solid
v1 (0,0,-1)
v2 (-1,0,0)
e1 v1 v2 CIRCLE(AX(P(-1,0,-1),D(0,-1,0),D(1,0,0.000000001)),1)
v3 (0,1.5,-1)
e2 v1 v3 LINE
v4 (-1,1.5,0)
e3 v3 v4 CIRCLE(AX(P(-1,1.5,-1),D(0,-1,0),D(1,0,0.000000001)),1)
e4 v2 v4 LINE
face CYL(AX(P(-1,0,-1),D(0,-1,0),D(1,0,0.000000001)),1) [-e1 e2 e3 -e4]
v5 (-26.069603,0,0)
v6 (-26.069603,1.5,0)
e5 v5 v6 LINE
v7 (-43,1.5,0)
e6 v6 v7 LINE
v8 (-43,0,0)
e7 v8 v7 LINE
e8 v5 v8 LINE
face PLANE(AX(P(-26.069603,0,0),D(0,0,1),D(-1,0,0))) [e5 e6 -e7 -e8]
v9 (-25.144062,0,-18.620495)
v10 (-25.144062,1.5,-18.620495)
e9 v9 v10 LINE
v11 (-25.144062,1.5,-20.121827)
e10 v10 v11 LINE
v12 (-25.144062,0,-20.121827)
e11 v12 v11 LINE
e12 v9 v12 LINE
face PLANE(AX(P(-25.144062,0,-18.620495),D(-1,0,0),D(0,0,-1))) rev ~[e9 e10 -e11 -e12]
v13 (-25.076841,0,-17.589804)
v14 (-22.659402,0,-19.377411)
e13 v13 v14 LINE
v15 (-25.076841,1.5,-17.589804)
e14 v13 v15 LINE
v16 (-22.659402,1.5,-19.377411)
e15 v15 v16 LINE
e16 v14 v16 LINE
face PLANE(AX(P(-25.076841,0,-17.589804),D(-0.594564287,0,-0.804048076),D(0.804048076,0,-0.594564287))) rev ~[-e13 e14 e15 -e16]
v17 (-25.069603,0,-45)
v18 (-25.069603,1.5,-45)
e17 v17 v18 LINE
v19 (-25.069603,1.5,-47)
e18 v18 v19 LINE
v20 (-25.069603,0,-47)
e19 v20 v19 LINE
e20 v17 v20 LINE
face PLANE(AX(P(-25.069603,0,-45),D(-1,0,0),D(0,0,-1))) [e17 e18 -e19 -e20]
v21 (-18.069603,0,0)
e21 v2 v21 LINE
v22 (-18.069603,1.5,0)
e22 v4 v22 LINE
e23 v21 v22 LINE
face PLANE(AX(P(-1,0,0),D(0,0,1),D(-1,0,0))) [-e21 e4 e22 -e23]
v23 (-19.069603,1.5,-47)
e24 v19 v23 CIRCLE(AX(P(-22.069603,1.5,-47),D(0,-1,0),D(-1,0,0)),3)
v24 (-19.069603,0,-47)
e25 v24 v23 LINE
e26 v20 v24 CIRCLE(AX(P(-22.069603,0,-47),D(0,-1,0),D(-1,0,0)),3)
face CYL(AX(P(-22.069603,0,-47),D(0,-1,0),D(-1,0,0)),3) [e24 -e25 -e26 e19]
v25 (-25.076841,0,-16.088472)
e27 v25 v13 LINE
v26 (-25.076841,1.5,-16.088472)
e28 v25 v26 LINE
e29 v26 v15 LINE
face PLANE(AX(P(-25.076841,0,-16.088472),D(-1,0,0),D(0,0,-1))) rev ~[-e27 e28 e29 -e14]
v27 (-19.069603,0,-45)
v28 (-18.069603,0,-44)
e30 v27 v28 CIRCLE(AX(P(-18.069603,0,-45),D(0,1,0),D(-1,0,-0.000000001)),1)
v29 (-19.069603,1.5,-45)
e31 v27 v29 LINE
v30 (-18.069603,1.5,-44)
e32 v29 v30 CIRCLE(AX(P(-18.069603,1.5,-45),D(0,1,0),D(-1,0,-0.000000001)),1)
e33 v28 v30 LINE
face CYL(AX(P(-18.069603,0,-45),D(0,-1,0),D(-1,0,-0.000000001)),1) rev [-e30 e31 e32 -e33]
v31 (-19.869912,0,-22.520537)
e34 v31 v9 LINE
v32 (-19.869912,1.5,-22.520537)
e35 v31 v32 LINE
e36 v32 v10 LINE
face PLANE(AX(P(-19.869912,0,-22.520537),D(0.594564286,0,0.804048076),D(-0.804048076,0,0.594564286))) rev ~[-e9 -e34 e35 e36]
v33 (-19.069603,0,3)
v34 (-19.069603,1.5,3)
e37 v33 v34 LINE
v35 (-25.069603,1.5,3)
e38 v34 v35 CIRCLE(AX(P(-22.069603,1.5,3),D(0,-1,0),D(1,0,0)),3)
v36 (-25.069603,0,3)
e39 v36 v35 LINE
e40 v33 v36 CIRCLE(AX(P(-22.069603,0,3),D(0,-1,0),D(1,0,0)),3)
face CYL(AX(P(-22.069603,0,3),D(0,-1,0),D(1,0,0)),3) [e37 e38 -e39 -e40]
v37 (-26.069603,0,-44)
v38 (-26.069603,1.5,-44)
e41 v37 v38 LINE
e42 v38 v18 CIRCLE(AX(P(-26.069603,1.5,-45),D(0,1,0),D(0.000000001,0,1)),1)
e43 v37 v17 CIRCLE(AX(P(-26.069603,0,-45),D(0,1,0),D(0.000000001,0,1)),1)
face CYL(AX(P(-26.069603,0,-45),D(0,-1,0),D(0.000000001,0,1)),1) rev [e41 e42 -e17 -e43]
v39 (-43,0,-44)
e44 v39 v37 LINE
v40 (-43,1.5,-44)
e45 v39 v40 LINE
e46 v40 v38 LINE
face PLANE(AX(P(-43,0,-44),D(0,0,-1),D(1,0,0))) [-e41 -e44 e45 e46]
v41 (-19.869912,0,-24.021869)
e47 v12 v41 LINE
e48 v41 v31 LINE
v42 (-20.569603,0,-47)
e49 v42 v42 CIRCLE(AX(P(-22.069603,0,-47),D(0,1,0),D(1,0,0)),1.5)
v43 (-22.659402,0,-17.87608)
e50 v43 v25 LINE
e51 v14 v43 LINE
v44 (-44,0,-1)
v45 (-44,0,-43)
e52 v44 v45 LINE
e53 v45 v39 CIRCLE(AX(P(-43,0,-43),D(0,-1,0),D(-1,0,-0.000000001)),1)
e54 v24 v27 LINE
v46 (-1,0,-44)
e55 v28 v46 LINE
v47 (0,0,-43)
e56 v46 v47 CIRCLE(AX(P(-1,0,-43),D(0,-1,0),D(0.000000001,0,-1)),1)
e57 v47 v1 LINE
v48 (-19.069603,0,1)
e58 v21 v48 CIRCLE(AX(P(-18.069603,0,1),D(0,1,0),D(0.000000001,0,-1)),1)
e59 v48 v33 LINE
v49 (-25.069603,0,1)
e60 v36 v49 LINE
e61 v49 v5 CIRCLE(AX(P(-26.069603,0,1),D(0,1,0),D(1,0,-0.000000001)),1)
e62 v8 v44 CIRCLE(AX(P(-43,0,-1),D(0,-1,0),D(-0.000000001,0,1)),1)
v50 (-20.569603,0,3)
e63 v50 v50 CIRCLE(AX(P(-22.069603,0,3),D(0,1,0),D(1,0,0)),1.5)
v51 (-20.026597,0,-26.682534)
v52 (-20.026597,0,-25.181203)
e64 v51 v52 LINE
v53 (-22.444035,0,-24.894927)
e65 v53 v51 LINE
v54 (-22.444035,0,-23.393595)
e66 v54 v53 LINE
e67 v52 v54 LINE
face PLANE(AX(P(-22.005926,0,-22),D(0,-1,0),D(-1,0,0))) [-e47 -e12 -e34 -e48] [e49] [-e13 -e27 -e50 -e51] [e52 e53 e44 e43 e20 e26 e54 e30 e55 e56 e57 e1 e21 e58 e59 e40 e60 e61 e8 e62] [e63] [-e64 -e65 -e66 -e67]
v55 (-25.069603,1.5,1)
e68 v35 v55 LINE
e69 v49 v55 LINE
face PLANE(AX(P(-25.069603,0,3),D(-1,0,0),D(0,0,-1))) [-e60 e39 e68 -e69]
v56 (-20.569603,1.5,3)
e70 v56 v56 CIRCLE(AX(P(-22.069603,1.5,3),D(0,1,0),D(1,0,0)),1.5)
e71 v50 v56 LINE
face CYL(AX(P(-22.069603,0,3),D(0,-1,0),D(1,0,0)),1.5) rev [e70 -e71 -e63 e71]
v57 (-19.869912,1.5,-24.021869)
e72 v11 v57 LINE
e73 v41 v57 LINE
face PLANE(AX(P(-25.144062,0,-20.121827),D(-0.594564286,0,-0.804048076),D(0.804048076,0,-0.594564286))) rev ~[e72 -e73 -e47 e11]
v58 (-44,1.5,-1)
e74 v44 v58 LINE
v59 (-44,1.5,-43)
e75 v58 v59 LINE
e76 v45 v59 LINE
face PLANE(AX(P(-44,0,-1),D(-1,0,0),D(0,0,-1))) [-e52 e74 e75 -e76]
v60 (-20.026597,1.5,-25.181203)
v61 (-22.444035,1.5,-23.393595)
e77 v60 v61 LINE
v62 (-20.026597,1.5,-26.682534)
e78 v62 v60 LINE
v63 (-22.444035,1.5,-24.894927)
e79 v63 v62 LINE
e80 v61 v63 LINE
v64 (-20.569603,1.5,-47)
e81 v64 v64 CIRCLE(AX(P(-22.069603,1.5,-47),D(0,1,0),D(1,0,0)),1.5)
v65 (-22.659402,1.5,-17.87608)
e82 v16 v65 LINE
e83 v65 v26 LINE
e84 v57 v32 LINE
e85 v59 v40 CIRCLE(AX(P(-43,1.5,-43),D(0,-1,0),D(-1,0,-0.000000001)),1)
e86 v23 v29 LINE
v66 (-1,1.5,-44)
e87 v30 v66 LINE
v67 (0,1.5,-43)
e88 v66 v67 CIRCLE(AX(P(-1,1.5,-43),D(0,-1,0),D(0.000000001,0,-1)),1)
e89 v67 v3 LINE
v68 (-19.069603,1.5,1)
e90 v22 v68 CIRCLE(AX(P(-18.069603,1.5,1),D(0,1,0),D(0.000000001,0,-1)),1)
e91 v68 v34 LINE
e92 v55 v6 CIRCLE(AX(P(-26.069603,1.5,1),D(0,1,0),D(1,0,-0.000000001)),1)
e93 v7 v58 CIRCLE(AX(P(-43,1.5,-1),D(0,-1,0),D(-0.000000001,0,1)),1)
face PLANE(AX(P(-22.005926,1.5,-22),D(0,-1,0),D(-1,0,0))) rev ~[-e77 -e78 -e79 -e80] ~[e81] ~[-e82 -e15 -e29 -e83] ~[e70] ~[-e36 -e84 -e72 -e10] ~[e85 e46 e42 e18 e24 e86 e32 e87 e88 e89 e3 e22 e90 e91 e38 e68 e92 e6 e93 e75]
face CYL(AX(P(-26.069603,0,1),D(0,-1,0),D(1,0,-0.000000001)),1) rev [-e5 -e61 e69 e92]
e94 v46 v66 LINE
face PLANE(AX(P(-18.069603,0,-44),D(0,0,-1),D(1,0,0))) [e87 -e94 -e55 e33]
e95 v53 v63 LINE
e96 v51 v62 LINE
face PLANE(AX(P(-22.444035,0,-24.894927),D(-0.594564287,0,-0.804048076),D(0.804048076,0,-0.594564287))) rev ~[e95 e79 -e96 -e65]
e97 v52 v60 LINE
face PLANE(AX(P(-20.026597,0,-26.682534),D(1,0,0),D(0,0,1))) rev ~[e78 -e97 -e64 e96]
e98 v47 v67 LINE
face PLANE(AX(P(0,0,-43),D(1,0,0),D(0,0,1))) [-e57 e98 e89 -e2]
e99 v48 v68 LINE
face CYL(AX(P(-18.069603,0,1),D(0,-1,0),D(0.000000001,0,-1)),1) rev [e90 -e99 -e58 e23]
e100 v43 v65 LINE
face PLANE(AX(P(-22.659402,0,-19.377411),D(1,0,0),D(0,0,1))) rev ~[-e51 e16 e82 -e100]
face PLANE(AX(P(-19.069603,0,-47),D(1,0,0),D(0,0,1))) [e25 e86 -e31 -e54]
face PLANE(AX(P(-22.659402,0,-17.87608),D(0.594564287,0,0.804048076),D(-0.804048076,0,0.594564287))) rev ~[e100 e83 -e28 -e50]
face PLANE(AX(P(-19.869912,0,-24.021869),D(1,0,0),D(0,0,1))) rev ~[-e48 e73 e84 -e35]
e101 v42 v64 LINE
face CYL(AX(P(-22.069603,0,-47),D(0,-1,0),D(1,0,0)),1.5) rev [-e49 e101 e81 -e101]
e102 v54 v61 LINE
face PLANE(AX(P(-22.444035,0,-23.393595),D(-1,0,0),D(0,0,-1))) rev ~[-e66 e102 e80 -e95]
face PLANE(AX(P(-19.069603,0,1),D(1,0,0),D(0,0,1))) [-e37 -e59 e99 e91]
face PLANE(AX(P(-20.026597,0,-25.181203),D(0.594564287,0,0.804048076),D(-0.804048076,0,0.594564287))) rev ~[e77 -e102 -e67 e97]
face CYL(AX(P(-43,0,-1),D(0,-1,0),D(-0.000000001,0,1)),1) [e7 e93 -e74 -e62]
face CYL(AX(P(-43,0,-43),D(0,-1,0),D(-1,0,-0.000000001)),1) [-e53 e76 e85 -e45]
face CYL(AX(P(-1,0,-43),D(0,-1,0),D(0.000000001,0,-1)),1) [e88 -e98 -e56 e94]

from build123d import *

# Parameters (mm, degrees)
SKETCH_1_R      = 1.5
EXTRUDE_1_DEPTH = 1.5


with BuildPart() as part:
    # 草图1 → 凸台-拉伸1 (new body)
    with BuildSketch(Plane(origin=(0, 0, 0), x_dir=(1, 0, 0), z_dir=(0, 1, 0))):
        with BuildLine():
            Line((-1, 0), (-18.069602783, 0))
            ThreePointArc((-18.069602783, 0), (-18.776709565, -0.292893219), (-19.069602783, -1))
            Line((-19.069602783, -1), (-19.069602783, -3))
            ThreePointArc((-19.069602783, -3), (-22.069602783, -6), (-25.069602783, -3))
            Line((-25.069602783, -3), (-25.069602783, -1))
            ThreePointArc((-25.069602783, -1), (-25.362496002, -0.292893219), (-26.069602783, 0))
            Line((-26.069602783, 0), (-43, 0))
            ThreePointArc((-43, 0), (-43.707106781, 0.292893219), (-44, 1))
            Line((-44, 1), (-44, 43))
            ThreePointArc((-44, 43), (-43.707106781, 43.707106781), (-43, 44))
            Line((-43, 44), (-26.069602783, 44))
            ThreePointArc((-26.069602783, 44), (-25.362496002, 44.292893219), (-25.069602783, 45))
            Line((-25.069602783, 45), (-25.069602783, 47))
            ThreePointArc((-25.069602783, 47), (-22.069602783, 50), (-19.069602783, 47))
            Line((-19.069602783, 47), (-19.069602783, 45))
            ThreePointArc((-19.069602783, 45), (-18.776709565, 44.292893219), (-18.069602783, 44))
            Line((-18.069602783, 44), (-1, 44))
            ThreePointArc((-1, 44), (-0.292893219, 43.707106781), (0, 43))
            Line((0, 43), (0, 1))
            ThreePointArc((0, 1), (-0.292893219, 0.292893219), (-1, 0))
        make_face()
        with Locations((-22.069602783, -3)):
            Circle(SKETCH_1_R, mode=Mode.SUBTRACT)
        with Locations((-22.069602783, 47)):
            Circle(SKETCH_1_R, mode=Mode.SUBTRACT)
        Polygon((-19.869912149, 24.021868684), (-19.869912149, 22.52053711), (-25.144061861, 18.620495369), (-25.144061861, 20.121826943), align=None, mode=Mode.SUBTRACT)
        Polygon((-20.026597006, 26.682534422), (-20.026597006, 25.181202847), (-22.444035318, 23.393595206), (-22.444035318, 24.894926781), align=None, mode=Mode.SUBTRACT)
        Polygon((-22.65940243, 19.377411479), (-22.65940243, 17.876079904), (-25.076840742, 16.088472263), (-25.076840742, 17.589803838), align=None, mode=Mode.SUBTRACT)
    extrude(amount=EXTRUDE_1_DEPTH)


solid = part.part
